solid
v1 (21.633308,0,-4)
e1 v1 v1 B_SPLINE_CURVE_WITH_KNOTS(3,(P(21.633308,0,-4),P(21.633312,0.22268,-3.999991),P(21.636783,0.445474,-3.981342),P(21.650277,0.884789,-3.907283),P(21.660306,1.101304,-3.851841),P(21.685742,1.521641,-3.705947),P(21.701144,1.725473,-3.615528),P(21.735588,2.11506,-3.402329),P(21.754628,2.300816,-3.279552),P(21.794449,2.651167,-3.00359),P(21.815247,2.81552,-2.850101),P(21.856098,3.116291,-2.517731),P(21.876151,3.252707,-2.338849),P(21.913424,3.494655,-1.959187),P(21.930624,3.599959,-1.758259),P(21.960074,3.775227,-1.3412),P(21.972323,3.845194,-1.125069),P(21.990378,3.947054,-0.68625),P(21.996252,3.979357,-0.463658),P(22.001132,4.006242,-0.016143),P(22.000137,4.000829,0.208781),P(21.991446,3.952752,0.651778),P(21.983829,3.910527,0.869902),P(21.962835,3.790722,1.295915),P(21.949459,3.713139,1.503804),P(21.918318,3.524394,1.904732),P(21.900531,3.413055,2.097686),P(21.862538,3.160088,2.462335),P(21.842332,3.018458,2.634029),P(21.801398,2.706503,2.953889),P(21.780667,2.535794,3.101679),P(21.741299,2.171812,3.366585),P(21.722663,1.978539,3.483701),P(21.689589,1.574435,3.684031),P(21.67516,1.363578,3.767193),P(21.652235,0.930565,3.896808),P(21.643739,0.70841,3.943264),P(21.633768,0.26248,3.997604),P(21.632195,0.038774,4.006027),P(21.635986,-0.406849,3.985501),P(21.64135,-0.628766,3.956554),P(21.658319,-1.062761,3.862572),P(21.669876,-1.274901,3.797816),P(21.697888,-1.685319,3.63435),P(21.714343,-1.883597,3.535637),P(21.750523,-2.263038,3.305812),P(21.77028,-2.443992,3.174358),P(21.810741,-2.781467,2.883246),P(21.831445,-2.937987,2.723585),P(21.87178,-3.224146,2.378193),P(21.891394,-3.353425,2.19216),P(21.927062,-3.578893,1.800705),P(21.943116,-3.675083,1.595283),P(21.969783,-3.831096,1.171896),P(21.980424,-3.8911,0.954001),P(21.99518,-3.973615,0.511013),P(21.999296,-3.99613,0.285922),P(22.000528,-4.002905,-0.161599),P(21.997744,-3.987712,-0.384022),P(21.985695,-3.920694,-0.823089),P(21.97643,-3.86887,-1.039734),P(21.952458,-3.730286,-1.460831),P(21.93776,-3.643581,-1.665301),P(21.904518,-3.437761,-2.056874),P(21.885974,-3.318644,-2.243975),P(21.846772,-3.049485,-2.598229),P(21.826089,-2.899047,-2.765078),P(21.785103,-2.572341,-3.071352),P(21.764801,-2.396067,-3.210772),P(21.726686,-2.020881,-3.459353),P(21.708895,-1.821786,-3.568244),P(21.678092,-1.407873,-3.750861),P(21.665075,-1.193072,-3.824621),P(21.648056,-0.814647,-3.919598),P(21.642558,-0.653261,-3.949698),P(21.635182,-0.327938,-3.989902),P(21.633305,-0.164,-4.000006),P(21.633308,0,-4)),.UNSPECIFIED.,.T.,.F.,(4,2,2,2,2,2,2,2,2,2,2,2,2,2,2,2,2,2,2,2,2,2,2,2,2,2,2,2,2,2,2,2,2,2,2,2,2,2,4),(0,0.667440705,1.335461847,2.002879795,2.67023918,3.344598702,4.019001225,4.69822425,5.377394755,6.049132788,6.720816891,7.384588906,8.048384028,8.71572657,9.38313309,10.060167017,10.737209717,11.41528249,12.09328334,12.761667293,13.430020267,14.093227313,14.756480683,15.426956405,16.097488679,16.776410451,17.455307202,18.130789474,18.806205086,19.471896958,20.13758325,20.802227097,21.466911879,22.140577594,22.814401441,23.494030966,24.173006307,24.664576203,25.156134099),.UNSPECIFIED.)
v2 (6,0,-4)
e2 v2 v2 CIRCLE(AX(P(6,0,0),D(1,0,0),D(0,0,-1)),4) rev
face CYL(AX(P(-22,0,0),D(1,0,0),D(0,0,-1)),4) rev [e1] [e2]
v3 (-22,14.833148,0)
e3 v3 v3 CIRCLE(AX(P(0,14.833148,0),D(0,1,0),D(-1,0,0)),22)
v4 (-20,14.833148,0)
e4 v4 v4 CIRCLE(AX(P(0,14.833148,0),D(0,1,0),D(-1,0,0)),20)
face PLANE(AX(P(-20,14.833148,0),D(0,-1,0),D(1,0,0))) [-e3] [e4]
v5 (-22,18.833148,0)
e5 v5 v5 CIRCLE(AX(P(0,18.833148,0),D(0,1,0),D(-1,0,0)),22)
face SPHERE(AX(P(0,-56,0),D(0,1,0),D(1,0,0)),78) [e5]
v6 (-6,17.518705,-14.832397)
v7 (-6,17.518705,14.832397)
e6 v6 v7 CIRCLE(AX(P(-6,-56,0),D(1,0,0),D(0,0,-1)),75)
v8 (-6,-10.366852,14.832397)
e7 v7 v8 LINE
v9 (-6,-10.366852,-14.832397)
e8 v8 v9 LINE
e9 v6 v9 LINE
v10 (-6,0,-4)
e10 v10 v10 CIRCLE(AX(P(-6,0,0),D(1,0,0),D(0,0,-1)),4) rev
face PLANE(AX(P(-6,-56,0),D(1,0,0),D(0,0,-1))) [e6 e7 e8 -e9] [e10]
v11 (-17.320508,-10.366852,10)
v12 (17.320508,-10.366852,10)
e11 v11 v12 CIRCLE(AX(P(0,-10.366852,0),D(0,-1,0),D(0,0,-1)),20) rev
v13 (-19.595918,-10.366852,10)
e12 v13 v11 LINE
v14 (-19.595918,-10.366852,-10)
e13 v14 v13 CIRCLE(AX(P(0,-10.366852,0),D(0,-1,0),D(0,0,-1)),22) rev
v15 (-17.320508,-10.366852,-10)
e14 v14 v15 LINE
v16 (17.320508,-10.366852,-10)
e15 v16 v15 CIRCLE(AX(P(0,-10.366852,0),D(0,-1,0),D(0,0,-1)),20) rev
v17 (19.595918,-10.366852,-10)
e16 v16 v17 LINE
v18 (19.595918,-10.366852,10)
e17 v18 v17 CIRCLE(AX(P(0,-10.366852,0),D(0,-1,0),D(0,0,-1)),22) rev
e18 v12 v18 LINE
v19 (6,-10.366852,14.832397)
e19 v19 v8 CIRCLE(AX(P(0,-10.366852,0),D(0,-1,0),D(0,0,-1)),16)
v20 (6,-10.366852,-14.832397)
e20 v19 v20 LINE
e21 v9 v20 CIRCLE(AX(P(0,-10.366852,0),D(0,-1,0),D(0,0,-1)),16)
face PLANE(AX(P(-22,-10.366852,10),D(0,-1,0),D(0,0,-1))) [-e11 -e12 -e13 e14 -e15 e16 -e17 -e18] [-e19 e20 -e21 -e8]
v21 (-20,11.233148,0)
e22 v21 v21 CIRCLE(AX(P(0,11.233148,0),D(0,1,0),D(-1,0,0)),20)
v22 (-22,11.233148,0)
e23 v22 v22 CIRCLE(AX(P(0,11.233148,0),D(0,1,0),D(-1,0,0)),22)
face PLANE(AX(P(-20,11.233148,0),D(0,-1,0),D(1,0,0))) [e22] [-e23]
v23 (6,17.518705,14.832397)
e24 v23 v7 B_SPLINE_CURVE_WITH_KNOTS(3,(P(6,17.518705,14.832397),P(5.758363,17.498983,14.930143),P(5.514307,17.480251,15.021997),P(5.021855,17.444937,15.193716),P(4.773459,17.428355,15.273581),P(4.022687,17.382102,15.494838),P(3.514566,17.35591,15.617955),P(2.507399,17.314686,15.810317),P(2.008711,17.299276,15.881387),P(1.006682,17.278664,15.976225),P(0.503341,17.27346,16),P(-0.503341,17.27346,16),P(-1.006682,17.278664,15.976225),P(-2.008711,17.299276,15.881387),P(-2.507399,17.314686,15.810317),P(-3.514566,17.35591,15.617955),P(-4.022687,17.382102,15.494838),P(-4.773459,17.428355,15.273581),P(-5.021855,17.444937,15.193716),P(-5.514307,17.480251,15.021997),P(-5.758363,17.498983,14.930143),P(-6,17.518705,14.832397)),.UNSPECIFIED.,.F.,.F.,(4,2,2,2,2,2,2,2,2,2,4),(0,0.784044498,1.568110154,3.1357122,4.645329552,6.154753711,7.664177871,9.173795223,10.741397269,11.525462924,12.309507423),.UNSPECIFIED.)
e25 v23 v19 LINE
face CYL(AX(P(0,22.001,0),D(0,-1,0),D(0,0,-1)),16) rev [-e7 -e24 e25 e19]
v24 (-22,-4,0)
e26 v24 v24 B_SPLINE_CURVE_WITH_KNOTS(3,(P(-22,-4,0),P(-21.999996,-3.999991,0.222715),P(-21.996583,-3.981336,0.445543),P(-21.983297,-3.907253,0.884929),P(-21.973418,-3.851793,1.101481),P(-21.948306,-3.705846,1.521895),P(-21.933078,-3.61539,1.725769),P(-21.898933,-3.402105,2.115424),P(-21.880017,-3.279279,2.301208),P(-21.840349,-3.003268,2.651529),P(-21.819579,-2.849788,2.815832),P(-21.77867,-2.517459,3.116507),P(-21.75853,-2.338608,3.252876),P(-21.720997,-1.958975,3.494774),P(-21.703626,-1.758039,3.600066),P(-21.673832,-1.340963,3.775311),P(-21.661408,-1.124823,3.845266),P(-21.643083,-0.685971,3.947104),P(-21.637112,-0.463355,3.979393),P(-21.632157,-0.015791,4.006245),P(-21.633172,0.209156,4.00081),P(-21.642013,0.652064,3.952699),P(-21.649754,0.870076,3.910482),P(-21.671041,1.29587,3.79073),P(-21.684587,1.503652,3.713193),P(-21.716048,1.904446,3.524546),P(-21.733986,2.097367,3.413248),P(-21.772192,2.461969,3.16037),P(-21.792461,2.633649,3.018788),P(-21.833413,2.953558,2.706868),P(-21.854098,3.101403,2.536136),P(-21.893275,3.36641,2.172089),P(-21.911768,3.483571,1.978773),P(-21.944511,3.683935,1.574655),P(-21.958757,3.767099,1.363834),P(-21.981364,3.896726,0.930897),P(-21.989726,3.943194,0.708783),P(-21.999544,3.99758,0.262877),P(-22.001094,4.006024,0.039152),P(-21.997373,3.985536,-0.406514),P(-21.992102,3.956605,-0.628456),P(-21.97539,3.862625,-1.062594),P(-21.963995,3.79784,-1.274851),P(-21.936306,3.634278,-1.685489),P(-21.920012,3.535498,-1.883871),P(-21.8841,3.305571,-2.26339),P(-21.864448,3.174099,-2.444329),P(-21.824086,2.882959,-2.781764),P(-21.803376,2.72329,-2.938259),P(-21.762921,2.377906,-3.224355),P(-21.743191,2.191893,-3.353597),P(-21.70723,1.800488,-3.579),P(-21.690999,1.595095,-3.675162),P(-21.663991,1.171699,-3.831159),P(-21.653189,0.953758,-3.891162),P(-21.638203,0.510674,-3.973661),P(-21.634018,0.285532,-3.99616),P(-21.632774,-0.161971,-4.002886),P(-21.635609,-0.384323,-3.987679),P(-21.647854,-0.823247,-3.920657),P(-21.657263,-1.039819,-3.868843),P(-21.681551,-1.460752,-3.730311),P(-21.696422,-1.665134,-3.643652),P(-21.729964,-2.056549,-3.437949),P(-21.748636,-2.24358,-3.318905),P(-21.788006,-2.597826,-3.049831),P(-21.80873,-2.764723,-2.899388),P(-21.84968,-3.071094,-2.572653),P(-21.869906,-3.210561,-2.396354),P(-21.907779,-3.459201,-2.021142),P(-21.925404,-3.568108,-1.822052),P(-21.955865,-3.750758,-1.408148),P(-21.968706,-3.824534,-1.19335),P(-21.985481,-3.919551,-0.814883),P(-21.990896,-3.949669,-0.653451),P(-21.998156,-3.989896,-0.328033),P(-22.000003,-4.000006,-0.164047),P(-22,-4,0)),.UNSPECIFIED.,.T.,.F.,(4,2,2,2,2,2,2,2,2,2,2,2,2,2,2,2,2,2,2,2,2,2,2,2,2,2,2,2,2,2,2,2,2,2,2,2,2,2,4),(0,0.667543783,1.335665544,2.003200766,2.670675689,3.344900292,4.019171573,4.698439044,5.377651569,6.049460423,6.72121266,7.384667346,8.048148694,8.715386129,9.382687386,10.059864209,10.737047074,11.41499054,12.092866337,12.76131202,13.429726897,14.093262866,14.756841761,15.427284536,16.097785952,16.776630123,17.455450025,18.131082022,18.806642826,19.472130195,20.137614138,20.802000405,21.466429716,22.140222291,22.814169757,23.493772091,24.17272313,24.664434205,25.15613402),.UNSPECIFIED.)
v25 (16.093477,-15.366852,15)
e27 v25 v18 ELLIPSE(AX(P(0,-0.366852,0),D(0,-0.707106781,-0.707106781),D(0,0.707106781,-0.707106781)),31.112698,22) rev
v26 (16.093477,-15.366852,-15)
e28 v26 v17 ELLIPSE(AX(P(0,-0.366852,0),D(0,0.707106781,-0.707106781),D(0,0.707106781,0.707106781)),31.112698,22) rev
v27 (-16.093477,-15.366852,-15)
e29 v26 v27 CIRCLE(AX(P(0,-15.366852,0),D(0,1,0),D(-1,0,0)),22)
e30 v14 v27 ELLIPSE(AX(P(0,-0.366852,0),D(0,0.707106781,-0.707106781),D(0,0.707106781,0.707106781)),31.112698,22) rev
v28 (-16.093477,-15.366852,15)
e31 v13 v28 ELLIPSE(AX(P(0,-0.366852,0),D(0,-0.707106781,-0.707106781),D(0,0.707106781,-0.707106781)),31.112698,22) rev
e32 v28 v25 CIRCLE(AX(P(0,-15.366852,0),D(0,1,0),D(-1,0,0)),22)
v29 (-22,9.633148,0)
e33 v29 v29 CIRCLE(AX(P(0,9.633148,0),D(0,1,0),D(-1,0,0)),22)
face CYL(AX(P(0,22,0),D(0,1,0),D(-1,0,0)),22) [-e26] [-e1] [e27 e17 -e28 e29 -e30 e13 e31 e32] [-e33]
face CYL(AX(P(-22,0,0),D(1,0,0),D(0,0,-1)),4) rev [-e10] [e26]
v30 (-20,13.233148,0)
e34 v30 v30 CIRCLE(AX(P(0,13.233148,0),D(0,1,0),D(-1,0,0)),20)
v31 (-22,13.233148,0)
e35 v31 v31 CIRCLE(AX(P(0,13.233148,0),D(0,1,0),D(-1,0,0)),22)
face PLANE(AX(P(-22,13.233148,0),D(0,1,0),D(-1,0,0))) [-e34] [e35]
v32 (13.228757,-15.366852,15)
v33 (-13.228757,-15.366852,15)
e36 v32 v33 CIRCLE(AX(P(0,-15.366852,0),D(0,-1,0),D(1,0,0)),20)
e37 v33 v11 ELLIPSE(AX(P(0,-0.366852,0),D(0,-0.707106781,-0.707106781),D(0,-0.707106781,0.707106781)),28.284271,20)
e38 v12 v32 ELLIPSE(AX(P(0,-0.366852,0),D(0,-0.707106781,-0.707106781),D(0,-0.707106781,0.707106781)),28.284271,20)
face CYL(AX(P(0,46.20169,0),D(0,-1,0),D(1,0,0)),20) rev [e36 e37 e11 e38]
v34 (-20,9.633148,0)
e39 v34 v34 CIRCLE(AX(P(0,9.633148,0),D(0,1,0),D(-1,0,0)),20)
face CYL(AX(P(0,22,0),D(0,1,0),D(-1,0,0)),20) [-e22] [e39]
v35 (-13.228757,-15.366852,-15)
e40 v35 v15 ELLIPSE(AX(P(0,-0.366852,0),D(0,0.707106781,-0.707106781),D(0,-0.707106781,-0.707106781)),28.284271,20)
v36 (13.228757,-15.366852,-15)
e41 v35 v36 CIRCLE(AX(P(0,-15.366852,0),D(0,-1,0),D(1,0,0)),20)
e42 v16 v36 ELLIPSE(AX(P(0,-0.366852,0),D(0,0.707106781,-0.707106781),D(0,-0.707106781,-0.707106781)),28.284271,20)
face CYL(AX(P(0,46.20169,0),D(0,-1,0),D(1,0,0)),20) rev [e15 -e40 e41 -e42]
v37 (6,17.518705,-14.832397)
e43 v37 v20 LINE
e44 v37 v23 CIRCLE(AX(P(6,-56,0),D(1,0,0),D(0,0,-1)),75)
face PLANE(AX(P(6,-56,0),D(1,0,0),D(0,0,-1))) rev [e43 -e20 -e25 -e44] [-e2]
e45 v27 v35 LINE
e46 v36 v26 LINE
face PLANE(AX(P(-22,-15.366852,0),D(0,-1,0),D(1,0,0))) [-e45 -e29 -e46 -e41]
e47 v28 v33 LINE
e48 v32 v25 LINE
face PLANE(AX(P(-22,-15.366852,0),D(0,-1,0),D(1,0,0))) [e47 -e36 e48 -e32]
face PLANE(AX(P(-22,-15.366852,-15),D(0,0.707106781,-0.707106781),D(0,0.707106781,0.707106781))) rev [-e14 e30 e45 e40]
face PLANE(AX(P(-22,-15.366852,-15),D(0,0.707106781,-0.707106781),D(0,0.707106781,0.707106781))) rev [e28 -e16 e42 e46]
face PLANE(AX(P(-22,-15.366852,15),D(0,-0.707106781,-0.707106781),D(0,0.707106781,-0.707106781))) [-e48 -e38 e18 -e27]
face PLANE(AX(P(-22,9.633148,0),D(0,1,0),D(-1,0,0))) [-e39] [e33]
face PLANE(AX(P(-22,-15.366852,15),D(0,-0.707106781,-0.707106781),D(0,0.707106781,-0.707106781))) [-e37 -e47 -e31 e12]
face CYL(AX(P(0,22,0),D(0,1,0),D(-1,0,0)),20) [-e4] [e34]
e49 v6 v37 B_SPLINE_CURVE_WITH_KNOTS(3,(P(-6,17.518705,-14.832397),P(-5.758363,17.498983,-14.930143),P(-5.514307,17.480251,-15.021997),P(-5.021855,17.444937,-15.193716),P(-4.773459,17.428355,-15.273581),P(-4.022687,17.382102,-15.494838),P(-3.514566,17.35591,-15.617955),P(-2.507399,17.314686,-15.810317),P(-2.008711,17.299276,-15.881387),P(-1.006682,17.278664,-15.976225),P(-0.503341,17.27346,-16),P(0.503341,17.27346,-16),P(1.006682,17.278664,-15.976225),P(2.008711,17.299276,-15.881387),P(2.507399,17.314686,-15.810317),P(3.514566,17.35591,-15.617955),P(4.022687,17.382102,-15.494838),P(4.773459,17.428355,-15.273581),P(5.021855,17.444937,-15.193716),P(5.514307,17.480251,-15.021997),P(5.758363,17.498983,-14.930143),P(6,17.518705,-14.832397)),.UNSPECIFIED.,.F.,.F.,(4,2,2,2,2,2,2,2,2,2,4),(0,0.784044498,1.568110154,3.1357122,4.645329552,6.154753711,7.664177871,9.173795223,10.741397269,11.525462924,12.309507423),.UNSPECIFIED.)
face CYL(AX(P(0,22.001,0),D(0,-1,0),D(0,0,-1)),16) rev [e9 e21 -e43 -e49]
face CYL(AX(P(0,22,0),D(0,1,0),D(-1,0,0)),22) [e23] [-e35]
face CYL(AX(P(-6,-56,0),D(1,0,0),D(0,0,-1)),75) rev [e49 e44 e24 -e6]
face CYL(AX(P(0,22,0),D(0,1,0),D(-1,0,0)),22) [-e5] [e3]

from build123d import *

# Parameters (mm, degrees)
CUT_EXTRUDE_2_DEPTH      = 39.105117767
CUT_EXTRUDE_2_DEPTH_BACK = 39.105117767
SKETCH_4_R               = 4
SKETCH_6_R               = 20
CUT_EXTRUDE_3_DEPTH      = 5
CUT_EXTRUDE_4_DEPTH      = 6
EXTRUDE_1_REACH          = 46.896
EXTRUDE_1_END_RADIUS     = 75


with BuildPart() as part:
    # 草图1 → 旋转3 (revolve)
    with BuildSketch(Plane.XY):
        with BuildLine():
            Line((-22, 9.633147735), (-22, -15.366852265))
            Line((-22, -15.366852265), (0, -15.366852265))
            Line((0, -15.366852265), (0, 22))
            ThreePointArc((0, 22), (-11.113381048, 21.204227615), (-22, 18.833147735))
            Line((-22, 18.833147735), (-22, 14.833147735))
            Line((-22, 14.833147735), (-20, 14.833147735))
            Line((-20, 14.833147735), (-20, 13.233147735))
            Line((-20, 13.233147735), (-22, 13.233147735))
            Line((-22, 13.233147735), (-22, 11.233147735))
            Line((-22, 11.233147735), (-20, 11.233147735))
            Line((-20, 11.233147735), (-20, 9.633147735))
            Line((-20, 9.633147735), (-22, 9.633147735))
        make_face()
    revolve(axis=Axis((0, 22, 0), (0, -1, 0)))

    # 草图4 → 切除-拉伸2 (cut, two sides: drawn at the far end of the back side and taken through both)
    with BuildSketch(Plane(origin=(0, 0, 0), x_dir=(0, 0, -1), z_dir=(1, 0, 0)).offset(-CUT_EXTRUDE_2_DEPTH_BACK)):
        Circle(SKETCH_4_R)
        Polygon((-15, -15.366852265), (-10, -10.366852265), (10, -10.366852265), (15, -15.366852265), align=None)
    extrude(amount=CUT_EXTRUDE_2_DEPTH + CUT_EXTRUDE_2_DEPTH_BACK, mode=Mode.SUBTRACT)

    # 草图6 → 切除-拉伸3 (cut)
    with BuildSketch(Plane.XZ.offset(15.366852265)):
        with Locations(Location((0, 0, 0), (0, 0, 180))):
            Circle(SKETCH_6_R)
    extrude(amount=-CUT_EXTRUDE_3_DEPTH, mode=Mode.SUBTRACT)

    # 草图8 → 切除-拉伸4 (cut, symmetric)
    with BuildSketch(Plane(origin=(0, 0, 0), x_dir=(0, 0, -1), z_dir=(1, 0, 0))):
        with BuildLine():
            Line((-16, 17.273460407), (-16, -10.366852265))
            Line((-16, -10.366852265), (16, -10.366852265))
            Line((16, -10.366852265), (16, 17.273460407))
            ThreePointArc((16, 17.273460407), (0, 19), (-16, 17.273460407))
        make_face()
    extrude(amount=CUT_EXTRUDE_4_DEPTH, both=True, mode=Mode.SUBTRACT)

    # 凸台-拉伸1: up to this cylinder (the profile starts inside it)
    extrude_1_end = Plane(origin=(0, -56, 0), z_dir=(1, 0, 0)) * Cylinder(EXTRUDE_1_END_RADIUS, 253.81433, mode=Mode.PRIVATE)
    # 草图9 → 凸台-拉伸1 (add, up to the surface)
    with BuildSketch(Plane.XZ.offset(10.366852265), mode=Mode.PRIVATE) as extrude_1_sk1:
        with BuildLine():
            Line((6, -16), (6, -14.832396974))
            ThreePointArc((6, -14.832396974), (3.056276215, -15.705386837), (3.1e-08, -16))
            Line((3.1e-08, -16), (6, -16))
        make_face()
    extrude_1_tool1 = extrude(extrude_1_sk1.sketch, amount=-EXTRUDE_1_REACH, mode=Mode.PRIVATE) & extrude_1_end
    add(extrude_1_tool1.solids().sort_by_distance((4.511165, -10.366852, -15.652025))[0])
    # 草图9 → 凸台-拉伸1 (add, up to the surface)
    with BuildSketch(Plane.XZ.offset(10.366852265), mode=Mode.PRIVATE) as extrude_1_sk2:
        with BuildLine():
            Line((-6, -16), (3.1e-08, -16))
            ThreePointArc((3.1e-08, -16), (-3.056276184, -15.705386843), (-6, -14.832396974))
            Line((-6, -14.832396974), (-6, -16))
        make_face()
    extrude_1_tool2 = extrude(extrude_1_sk2.sketch, amount=-EXTRUDE_1_REACH, mode=Mode.PRIVATE) & extrude_1_end
    add(extrude_1_tool2.solids().sort_by_distance((-4.511165, -10.366852, -15.652025))[0])
    # 草图9 → 凸台-拉伸1 (add, up to the surface)
    with BuildSketch(Plane.XZ.offset(10.366852265), mode=Mode.PRIVATE) as extrude_1_sk3:
        with BuildLine():
            ThreePointArc((-6, 14.832396974), (-3.056276199, 15.70538684), (0, 16))
            Line((0, 16), (-6, 16))
            Line((-6, 16), (-6, 14.832396974))
        make_face()
    extrude_1_tool3 = extrude(extrude_1_sk3.sketch, amount=-EXTRUDE_1_REACH, mode=Mode.PRIVATE) & extrude_1_end
    add(extrude_1_tool3.solids().sort_by_distance((-4.511165, -10.366852, 15.652025))[0])
    # 草图9 → 凸台-拉伸1 (add, up to the surface)
    with BuildSketch(Plane.XZ.offset(10.366852265), mode=Mode.PRIVATE) as extrude_1_sk4:
        with BuildLine():
            Line((6, 14.832396974), (6, 16))
            Line((6, 16), (0, 16))
            ThreePointArc((0, 16), (3.056276199, 15.70538684), (6, 14.832396974))
        make_face()
    extrude_1_tool4 = extrude(extrude_1_sk4.sketch, amount=-EXTRUDE_1_REACH, mode=Mode.PRIVATE) & extrude_1_end
    add(extrude_1_tool4.solids().sort_by_distance((4.511165, -10.366852, 15.652025))[0])


solid = part.part
